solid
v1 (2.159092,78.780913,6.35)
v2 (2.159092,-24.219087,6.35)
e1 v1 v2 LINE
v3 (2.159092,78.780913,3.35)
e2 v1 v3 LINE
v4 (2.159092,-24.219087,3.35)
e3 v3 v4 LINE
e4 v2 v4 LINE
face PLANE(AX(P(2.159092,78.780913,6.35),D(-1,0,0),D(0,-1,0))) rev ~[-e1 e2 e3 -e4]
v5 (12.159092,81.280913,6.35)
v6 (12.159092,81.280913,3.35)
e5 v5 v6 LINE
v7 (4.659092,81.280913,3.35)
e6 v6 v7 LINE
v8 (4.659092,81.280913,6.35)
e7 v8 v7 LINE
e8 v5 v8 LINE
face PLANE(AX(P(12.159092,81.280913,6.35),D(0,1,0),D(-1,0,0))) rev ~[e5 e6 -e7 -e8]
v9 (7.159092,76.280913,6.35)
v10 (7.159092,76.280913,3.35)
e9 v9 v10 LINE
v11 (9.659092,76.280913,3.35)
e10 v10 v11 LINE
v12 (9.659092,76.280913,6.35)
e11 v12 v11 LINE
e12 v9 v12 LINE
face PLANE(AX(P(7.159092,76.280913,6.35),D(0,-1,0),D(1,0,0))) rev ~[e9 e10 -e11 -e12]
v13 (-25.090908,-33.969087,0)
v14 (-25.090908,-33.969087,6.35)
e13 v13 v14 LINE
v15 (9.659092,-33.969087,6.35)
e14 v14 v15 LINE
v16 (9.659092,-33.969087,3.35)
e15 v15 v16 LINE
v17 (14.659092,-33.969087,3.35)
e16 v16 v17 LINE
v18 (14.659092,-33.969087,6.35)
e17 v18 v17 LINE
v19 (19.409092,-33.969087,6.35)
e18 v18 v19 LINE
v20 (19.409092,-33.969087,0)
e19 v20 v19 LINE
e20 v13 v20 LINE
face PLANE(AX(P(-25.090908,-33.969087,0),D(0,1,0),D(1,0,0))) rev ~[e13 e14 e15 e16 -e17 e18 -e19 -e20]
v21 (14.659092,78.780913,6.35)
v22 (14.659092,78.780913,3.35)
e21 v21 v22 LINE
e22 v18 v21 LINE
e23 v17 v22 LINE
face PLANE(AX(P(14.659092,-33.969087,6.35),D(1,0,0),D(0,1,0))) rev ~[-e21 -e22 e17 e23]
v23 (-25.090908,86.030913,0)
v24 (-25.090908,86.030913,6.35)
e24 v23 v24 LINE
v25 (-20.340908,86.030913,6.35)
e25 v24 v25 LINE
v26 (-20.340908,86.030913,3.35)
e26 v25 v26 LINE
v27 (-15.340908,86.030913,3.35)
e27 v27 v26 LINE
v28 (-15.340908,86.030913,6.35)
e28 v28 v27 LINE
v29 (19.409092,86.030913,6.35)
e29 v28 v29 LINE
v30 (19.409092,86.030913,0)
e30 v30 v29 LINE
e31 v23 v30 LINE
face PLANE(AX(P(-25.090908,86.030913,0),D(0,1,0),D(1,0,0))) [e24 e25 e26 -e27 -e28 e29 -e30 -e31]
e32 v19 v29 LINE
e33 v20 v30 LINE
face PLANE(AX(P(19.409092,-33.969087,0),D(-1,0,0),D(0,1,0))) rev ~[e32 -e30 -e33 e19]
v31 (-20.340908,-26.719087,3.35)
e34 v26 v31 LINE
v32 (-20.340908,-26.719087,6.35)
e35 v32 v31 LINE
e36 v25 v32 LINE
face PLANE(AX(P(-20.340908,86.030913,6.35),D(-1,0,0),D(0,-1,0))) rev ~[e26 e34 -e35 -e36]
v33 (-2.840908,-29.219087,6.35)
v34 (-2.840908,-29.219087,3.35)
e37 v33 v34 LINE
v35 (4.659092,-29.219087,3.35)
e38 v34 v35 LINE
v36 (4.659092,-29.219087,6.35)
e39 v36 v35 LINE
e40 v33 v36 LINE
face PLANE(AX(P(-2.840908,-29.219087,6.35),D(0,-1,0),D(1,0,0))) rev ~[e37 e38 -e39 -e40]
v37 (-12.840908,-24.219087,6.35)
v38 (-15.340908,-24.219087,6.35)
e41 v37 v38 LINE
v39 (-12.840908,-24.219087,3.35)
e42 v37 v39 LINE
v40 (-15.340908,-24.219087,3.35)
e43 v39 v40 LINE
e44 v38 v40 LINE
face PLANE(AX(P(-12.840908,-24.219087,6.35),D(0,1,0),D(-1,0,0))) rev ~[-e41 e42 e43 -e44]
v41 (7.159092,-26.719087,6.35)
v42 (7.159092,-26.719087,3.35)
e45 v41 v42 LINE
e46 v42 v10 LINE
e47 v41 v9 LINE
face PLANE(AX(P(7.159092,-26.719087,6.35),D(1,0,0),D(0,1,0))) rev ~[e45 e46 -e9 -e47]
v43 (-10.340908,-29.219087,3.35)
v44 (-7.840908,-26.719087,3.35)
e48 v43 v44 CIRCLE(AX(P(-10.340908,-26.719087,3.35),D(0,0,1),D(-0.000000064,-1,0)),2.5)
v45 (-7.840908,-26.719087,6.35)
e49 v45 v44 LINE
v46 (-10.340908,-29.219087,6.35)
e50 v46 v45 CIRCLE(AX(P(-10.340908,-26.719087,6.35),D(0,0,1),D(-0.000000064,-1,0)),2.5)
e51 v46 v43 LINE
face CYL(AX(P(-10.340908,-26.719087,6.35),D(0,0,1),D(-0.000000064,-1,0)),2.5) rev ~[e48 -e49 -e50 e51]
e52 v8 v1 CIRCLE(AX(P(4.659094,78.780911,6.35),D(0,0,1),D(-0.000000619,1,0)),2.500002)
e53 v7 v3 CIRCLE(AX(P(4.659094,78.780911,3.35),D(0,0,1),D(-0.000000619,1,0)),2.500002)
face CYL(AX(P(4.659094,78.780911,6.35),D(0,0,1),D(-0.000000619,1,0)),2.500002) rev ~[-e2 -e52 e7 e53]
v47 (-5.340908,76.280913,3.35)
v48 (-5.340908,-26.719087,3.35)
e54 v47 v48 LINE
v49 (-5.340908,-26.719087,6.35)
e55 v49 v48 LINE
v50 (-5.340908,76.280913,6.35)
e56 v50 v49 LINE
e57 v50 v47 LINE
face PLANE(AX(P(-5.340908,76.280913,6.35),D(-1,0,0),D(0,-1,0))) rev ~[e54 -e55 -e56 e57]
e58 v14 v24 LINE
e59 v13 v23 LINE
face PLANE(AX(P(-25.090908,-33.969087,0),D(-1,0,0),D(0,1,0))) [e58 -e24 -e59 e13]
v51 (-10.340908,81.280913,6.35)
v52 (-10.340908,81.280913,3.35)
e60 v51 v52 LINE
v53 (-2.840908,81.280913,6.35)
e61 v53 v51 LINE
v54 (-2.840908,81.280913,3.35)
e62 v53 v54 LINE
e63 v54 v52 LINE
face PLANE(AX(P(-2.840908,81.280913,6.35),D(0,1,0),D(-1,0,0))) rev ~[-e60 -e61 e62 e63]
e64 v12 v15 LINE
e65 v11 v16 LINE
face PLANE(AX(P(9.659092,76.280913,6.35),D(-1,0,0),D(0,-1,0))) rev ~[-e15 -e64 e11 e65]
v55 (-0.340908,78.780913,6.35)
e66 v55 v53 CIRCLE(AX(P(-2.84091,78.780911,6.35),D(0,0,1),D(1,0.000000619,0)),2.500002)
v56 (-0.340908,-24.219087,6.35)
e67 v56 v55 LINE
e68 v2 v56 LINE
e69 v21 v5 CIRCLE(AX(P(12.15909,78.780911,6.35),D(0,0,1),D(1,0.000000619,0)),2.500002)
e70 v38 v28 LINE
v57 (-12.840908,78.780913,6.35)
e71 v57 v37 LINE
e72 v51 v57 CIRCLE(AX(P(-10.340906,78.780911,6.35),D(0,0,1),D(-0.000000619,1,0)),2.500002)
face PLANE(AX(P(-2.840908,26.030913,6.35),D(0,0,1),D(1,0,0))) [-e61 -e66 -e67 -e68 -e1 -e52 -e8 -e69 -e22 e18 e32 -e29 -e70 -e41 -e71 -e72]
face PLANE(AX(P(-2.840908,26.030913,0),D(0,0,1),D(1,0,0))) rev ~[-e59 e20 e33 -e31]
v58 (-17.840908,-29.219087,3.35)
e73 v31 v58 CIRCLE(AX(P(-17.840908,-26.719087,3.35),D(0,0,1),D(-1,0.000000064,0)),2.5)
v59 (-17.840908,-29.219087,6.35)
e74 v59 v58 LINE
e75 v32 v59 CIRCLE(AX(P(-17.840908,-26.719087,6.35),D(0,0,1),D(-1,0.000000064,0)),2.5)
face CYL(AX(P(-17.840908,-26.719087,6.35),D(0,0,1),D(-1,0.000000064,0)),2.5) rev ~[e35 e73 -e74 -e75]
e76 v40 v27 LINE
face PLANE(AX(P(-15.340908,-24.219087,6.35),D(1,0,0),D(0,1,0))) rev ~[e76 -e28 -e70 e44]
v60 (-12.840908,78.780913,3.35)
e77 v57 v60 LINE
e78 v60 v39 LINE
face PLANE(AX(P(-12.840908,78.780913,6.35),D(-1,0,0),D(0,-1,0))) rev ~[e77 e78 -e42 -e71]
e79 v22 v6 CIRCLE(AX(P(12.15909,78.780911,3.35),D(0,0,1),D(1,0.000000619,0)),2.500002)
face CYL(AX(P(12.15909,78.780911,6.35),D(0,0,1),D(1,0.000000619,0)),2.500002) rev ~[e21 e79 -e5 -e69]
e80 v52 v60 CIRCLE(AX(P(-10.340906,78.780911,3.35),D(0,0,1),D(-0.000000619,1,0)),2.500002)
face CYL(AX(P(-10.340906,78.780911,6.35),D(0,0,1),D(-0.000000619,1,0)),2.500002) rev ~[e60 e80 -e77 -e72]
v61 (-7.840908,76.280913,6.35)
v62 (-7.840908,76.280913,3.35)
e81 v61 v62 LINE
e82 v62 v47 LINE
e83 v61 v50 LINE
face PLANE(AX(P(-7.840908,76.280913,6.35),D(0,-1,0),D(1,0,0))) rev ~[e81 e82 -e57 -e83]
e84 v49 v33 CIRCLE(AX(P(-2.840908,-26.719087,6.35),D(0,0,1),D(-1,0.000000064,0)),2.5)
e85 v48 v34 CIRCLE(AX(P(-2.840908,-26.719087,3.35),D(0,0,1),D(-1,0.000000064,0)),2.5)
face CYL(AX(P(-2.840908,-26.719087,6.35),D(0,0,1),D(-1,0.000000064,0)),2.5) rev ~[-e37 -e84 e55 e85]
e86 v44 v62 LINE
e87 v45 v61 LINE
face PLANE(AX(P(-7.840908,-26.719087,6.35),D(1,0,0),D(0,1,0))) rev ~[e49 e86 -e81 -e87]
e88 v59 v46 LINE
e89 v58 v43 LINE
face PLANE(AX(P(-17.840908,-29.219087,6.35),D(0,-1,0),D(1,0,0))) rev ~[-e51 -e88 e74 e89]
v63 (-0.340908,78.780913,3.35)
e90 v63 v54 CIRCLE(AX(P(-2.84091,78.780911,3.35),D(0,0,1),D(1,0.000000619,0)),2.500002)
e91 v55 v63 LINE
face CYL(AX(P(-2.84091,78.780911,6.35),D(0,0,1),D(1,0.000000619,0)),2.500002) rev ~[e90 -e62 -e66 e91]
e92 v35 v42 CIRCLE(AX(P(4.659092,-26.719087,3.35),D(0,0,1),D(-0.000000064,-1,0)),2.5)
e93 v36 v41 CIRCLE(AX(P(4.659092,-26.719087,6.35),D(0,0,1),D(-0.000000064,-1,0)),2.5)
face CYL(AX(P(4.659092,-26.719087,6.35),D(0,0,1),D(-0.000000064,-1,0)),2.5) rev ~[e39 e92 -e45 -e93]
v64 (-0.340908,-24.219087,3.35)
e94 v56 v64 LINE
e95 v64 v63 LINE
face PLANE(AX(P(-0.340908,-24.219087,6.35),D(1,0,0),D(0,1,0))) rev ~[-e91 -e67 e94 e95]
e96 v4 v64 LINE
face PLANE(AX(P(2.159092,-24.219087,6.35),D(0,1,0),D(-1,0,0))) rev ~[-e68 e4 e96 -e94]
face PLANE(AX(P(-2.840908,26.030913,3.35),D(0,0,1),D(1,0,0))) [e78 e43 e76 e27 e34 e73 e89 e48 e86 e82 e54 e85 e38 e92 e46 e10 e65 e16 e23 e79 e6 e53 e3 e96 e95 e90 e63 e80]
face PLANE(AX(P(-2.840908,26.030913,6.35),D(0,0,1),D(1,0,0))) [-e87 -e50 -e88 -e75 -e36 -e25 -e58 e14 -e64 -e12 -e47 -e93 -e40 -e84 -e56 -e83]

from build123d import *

# Parameters (mm, degrees)
F0_W     = 44.5
F0_H     = 120
F1_DEPTH = 6.35
F3_DEPTH = 3


with BuildPart() as f1:
    # F0 (on Top) → F1 (new body)
    with BuildSketch(Plane.XY):
        with Locations((-2.840908, 26.030913)):
            Rectangle(F0_W, F0_H)
    extrude(amount=F1_DEPTH)

    # F2 (on face) → F3 (cut)
    with BuildSketch(Plane.XY.offset(6.35)):
        with BuildLine():
            Line((9.659092, 76.280913), (9.659092, -33.969087))
            Line((9.659092, -33.969087), (14.659092, -33.969087))
            Line((14.659092, -33.969087), (14.659092, 76.280913))
            Line((14.659092, 76.280913), (14.659092, 78.780913))
            ThreePointArc((14.659092, 78.780913), (13.926859, 80.548679), (12.159092, 81.280913))
            Line((12.159092, 81.280913), (4.659092, 81.280913))
            ThreePointArc((4.659092, 81.280913), (2.891325, 80.548679), (2.159092, 78.780913))
            Line((2.159092, 78.780913), (2.159092, -24.219087))
            Line((2.159092, -24.219087), (-0.340908, -24.219087))
            Line((-0.340908, -24.219087), (-0.340908, 78.780913))
            ThreePointArc((-0.340908, 78.780913), (-1.073141, 80.548679), (-2.840908, 81.280913))
            Line((-2.840908, 81.280913), (-10.340908, 81.280913))
            ThreePointArc((-10.340908, 81.280913), (-12.108675, 80.548679), (-12.840908, 78.780913))
            Line((-12.840908, 78.780913), (-12.840908, -24.219087))
            Line((-12.840908, -24.219087), (-15.340908, -24.219087))
            Line((-15.340908, -24.219087), (-15.340908, 86.030913))
            Line((-15.340908, 86.030913), (-20.340908, 86.030913))
            Line((-20.340908, 86.030913), (-20.340908, -26.719087))
            ThreePointArc((-20.340908, -26.719087), (-19.608675, -28.486854), (-17.840908, -29.219087))
            Line((-17.840908, -29.219087), (-10.340908, -29.219087))
            ThreePointArc((-10.340908, -29.219087), (-8.573141, -28.486854), (-7.840908, -26.719087))
            Line((-7.840908, -26.719087), (-7.840908, 76.280913))
            Line((-7.840908, 76.280913), (-5.340908, 76.280913))
            Line((-5.340908, 76.280913), (-5.340908, -26.719087))
            ThreePointArc((-5.340908, -26.719087), (-4.608675, -28.486854), (-2.840908, -29.219087))
            Line((-2.840908, -29.219087), (4.659092, -29.219087))
            ThreePointArc((4.659092, -29.219087), (6.426859, -28.486854), (7.159092, -26.719087))
            Line((7.159092, -26.719087), (7.159092, 76.280913))
            Line((7.159092, 76.280913), (9.659092, 76.280913))
        make_face()
    extrude(amount=-F3_DEPTH, mode=Mode.SUBTRACT)


solid = f1.part
